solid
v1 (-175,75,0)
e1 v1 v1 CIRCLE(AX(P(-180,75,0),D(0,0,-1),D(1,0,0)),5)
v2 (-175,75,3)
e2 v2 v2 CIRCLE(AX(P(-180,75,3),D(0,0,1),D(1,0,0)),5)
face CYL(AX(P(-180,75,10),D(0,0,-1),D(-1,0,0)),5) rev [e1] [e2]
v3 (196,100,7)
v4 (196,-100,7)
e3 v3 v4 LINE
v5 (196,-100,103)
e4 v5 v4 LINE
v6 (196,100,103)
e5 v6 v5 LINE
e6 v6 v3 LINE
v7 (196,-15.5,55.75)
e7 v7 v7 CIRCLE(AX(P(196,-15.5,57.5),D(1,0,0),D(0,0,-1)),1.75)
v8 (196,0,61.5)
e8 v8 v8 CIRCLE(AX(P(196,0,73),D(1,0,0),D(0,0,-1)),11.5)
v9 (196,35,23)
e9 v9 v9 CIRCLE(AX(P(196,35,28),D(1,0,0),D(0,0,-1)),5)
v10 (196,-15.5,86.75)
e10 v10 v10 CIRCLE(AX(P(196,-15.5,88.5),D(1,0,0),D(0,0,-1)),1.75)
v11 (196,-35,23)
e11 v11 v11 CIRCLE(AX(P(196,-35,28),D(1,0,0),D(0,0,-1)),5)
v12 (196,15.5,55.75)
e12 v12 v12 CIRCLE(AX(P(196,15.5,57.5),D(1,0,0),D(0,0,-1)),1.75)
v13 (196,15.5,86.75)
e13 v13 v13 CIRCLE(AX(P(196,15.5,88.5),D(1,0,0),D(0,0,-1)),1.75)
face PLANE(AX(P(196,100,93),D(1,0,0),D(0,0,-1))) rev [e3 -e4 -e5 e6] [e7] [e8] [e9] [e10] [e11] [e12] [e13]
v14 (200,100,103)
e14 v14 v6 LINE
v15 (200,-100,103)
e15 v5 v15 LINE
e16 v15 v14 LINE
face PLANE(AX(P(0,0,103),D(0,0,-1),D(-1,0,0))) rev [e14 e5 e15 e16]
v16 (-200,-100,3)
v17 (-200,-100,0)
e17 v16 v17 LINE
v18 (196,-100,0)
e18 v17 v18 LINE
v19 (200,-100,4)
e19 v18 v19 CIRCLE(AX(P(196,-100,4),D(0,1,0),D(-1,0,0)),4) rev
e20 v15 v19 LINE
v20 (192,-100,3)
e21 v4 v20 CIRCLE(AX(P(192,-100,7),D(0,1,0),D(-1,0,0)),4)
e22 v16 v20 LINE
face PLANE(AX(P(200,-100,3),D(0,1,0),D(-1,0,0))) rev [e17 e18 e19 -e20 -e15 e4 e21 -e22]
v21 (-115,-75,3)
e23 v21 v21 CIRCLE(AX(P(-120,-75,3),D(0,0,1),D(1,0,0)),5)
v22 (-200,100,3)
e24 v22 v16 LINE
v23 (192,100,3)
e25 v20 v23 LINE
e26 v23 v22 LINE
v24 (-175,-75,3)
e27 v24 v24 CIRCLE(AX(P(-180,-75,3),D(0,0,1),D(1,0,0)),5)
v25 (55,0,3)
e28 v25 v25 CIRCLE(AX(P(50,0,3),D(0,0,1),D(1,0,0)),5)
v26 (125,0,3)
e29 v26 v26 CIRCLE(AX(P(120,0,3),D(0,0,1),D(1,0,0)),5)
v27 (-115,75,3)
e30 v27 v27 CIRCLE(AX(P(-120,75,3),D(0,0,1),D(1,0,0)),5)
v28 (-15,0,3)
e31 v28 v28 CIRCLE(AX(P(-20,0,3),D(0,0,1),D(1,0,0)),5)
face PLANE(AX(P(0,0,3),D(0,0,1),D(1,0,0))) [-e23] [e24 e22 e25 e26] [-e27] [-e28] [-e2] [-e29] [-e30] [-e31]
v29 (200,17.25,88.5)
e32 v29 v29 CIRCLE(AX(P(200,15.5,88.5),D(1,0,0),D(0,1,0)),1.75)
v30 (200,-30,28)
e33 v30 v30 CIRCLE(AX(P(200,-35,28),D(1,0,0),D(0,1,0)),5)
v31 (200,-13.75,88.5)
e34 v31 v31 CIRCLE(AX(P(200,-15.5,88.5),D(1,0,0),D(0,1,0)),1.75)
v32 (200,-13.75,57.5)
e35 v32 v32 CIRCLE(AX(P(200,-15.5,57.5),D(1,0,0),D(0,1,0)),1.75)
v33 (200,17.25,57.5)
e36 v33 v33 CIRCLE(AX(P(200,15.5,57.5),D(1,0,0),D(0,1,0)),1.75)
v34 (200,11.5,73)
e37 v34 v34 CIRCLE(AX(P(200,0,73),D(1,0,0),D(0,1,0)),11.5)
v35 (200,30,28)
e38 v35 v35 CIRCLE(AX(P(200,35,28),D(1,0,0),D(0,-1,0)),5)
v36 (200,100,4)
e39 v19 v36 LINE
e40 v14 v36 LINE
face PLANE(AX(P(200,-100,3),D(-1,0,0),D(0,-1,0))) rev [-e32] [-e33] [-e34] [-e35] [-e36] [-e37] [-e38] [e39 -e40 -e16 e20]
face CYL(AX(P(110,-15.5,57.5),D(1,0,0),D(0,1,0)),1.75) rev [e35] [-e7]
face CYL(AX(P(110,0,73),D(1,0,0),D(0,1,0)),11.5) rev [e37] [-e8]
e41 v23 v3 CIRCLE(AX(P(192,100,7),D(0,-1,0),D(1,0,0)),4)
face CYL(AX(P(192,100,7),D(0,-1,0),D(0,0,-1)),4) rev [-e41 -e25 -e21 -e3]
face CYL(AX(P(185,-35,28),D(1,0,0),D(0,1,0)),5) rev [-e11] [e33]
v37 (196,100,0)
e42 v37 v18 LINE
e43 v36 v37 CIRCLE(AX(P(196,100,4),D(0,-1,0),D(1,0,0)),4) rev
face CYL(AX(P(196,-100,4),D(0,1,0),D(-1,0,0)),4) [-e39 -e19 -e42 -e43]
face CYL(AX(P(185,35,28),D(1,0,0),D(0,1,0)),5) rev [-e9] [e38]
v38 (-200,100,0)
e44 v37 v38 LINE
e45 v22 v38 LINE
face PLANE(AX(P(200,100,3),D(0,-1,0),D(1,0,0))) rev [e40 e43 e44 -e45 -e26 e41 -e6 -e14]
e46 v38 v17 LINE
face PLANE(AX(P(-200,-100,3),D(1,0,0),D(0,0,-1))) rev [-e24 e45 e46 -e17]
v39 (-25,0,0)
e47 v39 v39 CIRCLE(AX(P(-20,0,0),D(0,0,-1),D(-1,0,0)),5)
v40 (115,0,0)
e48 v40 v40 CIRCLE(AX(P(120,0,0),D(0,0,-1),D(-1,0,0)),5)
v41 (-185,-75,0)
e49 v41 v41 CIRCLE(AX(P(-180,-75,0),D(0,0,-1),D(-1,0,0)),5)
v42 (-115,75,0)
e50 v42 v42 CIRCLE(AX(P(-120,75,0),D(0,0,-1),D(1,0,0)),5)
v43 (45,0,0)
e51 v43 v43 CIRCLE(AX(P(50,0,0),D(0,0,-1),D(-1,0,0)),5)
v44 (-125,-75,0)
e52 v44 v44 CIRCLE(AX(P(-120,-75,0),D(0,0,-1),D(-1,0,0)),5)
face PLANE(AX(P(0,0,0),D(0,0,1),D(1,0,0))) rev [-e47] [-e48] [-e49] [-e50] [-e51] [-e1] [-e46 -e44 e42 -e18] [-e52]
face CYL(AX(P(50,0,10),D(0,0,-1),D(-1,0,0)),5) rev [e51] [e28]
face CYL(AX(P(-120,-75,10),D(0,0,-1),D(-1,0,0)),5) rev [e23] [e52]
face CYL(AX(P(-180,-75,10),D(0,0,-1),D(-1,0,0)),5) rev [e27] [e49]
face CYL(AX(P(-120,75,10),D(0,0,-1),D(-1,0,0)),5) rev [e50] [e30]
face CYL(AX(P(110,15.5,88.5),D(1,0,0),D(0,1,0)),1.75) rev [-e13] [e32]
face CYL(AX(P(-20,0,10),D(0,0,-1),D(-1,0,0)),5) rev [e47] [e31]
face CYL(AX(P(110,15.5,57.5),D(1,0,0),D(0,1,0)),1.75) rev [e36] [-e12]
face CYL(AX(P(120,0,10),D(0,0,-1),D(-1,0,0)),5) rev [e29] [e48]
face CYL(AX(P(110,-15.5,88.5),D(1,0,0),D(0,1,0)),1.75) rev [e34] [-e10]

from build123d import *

# Parameters (mm, degrees)
SKETCH1_W           = 400
SKETCH1_H           = 200
BOSS_EXTRUDE1_DEPTH = 3
SKETCH2_R           = 5
CUT_EXTRUDE1_DEPTH  = 10
SKETCH3_W           = 4
SKETCH3_H           = 200
BOSS_EXTRUDE2_DEPTH = 90
FILLET2_R           = 4
SKETCH4_R           = 11.5
CUT_EXTRUDE2_DEPTH  = 90
SKETCH5_R           = 1.75
CUT_EXTRUDE3_DEPTH  = 90
SKETCH6_R           = 5
CUT_EXTRUDE4_DEPTH  = 15
SKETCH7_W           = 4
SKETCH7_H           = 200
BOSS_EXTRUDE3_DEPTH = 10


with BuildPart() as part:
    # Sketch1 → Boss-Extrude1 (new body)
    with BuildSketch(Plane.XY):
        Rectangle(SKETCH1_W, SKETCH1_H)
    extrude(amount=BOSS_EXTRUDE1_DEPTH)

    # Sketch2 → Cut-Extrude1 (cut)
    with BuildSketch(Plane(origin=(0, 0, 0), x_dir=(-1, 0, 0), z_dir=(0, 0, -1))):
        with Locations((-120, 0)):
            Circle(SKETCH2_R)
        with Locations((-50, 0)):
            Circle(SKETCH2_R)
        with Locations((20, 0)):
            Circle(SKETCH2_R)
        with Locations((180, -75)):
            Circle(SKETCH2_R)
        with Locations((120, -75)):
            Circle(SKETCH2_R)
        with Locations((120, 75)):
            Circle(SKETCH2_R)
        with Locations((180, 75)):
            Circle(SKETCH2_R)
    extrude(amount=-CUT_EXTRUDE1_DEPTH, mode=Mode.SUBTRACT)

    # Sketch3 → Boss-Extrude2 (add)
    with BuildSketch(Plane.XY.offset(3)):
        with Locations((198, 0)):
            Rectangle(SKETCH3_W, SKETCH3_H)
    extrude(amount=BOSS_EXTRUDE2_DEPTH)

    # Fillet2
    fillet2_edges = [part.edges().sort_by_distance(p)[0] for p in [
        (196, 0, 3),
        (200, 0, 0),
    ]]
    fillet(fillet2_edges, radius=FILLET2_R)

    # Sketch4 → Cut-Extrude2 (cut)
    with BuildSketch(Plane(origin=(200, 0, 0), x_dir=(0, 0, -1), z_dir=(1, 0, 0))):
        with Locations((-73, 0)):
            Circle(SKETCH4_R)
    extrude(amount=-CUT_EXTRUDE2_DEPTH, mode=Mode.SUBTRACT)

    # Sketch5 → Cut-Extrude3 (cut)
    with BuildSketch(Plane(origin=(200, 0, 0), x_dir=(0, 0, -1), z_dir=(1, 0, 0))):
        with Locations((-57.5, 15.5)):
            Circle(SKETCH5_R)
        with Locations((-57.5, -15.5)):
            Circle(SKETCH5_R)
        with Locations((-88.5, -15.5)):
            Circle(SKETCH5_R)
        with Locations((-88.5, 15.5)):
            Circle(SKETCH5_R)
    extrude(amount=-CUT_EXTRUDE3_DEPTH, mode=Mode.SUBTRACT)

    # Sketch6 → Cut-Extrude4 (cut)
    with BuildSketch(Plane(origin=(200, 0, 0), x_dir=(0, 0, -1), z_dir=(1, 0, 0))):
        with Locations((-28, -35)):
            Circle(SKETCH6_R)
        with Locations((-28, 35)):
            Circle(SKETCH6_R)
    extrude(amount=-CUT_EXTRUDE4_DEPTH, mode=Mode.SUBTRACT)

    # Sketch7 → Boss-Extrude3 (add)
    with BuildSketch(Plane.XY.offset(93)):
        with Locations((198, 0)):
            Rectangle(SKETCH7_W, SKETCH7_H)
    extrude(amount=BOSS_EXTRUDE3_DEPTH)


solid = part.part
